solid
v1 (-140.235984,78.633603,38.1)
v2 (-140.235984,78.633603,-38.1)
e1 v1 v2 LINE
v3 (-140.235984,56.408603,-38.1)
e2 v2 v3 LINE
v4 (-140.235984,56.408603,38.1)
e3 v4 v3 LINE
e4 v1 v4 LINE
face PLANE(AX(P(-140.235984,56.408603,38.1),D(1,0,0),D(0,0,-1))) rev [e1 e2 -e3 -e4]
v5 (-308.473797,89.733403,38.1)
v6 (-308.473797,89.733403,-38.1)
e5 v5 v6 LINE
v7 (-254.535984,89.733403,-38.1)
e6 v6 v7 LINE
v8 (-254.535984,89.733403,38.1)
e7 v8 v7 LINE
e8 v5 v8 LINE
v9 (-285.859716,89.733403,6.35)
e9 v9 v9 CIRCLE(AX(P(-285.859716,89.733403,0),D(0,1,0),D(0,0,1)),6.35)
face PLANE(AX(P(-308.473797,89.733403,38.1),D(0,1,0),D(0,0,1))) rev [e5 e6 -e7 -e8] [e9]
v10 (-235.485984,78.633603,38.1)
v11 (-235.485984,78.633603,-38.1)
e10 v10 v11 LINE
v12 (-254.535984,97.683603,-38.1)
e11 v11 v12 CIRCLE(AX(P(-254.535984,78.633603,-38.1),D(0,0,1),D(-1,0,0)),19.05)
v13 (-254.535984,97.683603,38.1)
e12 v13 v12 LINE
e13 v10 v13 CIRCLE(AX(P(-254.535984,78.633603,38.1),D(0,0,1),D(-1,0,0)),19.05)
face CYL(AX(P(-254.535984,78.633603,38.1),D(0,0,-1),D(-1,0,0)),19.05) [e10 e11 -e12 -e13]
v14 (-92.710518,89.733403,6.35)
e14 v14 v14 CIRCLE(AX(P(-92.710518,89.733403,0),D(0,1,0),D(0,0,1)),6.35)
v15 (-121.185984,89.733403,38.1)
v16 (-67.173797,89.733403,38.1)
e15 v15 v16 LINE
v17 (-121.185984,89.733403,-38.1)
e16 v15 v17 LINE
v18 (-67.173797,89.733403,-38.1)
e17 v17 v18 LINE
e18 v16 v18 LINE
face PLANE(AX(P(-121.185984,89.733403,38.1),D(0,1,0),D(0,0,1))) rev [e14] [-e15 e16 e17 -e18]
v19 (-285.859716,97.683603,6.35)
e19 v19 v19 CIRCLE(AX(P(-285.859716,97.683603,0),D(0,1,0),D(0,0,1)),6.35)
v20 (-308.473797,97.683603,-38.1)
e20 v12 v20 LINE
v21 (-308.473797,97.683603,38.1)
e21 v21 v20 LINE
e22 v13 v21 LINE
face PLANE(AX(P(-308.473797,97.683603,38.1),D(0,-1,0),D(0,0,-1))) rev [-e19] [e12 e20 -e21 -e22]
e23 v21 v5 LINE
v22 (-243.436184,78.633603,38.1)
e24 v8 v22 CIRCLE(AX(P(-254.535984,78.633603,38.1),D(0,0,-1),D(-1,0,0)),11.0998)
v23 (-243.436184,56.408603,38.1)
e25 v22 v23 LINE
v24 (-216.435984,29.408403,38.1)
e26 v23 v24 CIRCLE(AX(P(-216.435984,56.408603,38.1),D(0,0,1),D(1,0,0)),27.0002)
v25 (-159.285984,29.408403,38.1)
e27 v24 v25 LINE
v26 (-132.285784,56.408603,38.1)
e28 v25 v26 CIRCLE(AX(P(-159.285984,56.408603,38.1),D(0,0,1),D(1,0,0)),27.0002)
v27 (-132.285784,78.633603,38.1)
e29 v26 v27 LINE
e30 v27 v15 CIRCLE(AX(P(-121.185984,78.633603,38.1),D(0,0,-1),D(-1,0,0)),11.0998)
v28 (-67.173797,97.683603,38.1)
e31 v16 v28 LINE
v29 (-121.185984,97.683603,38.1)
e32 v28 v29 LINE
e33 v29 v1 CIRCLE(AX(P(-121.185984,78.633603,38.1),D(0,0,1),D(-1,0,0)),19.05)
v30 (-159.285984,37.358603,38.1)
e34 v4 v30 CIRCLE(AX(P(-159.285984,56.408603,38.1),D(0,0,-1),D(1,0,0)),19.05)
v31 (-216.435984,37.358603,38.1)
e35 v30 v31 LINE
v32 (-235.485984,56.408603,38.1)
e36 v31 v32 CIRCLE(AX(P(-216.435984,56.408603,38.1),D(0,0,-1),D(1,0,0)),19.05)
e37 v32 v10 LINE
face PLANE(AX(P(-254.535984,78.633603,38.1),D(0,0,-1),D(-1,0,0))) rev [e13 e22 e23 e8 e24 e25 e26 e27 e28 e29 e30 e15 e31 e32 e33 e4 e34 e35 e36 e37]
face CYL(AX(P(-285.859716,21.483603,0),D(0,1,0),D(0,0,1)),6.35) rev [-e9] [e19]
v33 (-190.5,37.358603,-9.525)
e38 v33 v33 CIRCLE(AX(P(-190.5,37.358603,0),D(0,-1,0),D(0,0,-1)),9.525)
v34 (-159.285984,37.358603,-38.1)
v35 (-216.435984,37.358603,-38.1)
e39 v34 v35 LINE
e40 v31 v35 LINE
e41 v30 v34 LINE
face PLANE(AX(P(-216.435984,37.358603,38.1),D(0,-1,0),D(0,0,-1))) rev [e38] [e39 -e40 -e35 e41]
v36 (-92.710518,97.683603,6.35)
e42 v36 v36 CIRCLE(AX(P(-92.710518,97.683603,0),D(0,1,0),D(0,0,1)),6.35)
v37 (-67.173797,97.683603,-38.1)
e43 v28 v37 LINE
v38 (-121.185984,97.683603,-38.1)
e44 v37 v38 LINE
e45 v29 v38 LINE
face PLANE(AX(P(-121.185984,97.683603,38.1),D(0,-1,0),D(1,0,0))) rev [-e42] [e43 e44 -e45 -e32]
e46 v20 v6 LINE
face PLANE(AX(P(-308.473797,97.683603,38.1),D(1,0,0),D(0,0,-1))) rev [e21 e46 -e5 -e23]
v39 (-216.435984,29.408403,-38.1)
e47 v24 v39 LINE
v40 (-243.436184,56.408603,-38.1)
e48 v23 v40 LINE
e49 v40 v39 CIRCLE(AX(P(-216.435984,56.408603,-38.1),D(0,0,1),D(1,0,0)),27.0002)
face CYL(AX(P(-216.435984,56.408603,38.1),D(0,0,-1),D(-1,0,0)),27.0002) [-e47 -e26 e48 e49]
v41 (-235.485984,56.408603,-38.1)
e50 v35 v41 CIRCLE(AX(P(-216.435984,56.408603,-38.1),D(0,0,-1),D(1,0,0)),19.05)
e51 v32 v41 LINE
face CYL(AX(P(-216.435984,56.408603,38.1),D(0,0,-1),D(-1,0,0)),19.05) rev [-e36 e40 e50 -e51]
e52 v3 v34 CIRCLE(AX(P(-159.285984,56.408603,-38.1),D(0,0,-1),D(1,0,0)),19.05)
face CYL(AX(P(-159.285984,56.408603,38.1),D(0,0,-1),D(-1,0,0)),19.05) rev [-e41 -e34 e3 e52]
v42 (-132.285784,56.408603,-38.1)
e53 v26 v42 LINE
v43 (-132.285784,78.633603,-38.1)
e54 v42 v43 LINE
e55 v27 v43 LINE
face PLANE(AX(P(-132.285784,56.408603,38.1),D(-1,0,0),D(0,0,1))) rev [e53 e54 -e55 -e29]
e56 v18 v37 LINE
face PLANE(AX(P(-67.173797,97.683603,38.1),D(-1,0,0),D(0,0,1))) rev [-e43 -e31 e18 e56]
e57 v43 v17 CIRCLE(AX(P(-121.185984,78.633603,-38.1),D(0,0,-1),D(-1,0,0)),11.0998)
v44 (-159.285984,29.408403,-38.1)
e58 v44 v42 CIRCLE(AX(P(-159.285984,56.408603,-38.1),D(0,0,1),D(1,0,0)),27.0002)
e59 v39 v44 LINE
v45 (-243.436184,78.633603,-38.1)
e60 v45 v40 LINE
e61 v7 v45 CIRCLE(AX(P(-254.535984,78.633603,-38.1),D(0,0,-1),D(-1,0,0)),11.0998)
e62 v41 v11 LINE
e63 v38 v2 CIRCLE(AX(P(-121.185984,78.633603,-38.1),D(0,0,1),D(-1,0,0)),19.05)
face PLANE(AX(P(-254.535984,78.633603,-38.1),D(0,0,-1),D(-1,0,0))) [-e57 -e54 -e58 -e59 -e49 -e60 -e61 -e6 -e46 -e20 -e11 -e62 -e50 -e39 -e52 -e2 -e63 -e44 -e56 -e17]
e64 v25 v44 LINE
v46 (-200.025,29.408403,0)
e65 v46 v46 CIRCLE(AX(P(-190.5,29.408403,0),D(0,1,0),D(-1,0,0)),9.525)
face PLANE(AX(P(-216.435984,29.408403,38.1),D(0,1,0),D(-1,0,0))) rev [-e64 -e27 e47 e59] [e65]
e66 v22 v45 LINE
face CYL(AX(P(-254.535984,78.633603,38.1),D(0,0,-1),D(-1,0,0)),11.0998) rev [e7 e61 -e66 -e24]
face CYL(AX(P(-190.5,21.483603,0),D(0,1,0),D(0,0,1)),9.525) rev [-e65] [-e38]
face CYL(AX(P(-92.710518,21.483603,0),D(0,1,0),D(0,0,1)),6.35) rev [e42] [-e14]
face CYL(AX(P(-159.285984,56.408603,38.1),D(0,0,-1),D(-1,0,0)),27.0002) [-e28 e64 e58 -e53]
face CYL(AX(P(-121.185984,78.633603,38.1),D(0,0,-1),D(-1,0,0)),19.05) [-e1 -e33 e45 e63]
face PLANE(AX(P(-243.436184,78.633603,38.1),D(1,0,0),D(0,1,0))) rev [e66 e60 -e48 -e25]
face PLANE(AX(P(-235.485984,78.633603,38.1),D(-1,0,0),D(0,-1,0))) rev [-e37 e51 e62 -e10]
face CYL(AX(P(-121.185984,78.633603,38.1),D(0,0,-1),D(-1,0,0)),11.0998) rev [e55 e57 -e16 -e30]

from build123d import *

# Parameters (mm, degrees)
BOSS_EXTRUDE1_DEPTH = 38.1
SKETCH4_R           = 9.525
SKETCH4_R_2         = 6.35
CUT_EXTRUDE1_DEPTH  = 76.2


with BuildPart() as part:
    # Sketch3 → Boss-Extrude1 (new, symmetric)
    with BuildSketch(Plane.XY):
        with BuildLine():
            Line((-308.473797305, 97.683602722), (-254.535984299, 97.683602722))
            ThreePointArc((-254.535984299, 97.683602722), (-241.065600117, 92.103986904), (-235.485984299, 78.633602722))
            Line((-235.485984299, 78.633602722), (-235.485984299, 56.408602722))
            ThreePointArc((-235.485984299, 56.408602722), (-229.90636848, 42.938218541), (-216.435984299, 37.358602722))
            Line((-216.435984299, 37.358602722), (-159.285984299, 37.358602722))
            ThreePointArc((-159.285984299, 37.358602722), (-145.815600117, 42.938218541), (-140.235984299, 56.408602722))
            Line((-140.235984299, 56.408602722), (-140.235984299, 78.633602722))
            ThreePointArc((-140.235984299, 78.633602722), (-134.65636848, 92.103986904), (-121.185984299, 97.683602722))
            Line((-121.185984299, 97.683602722), (-67.173797305, 97.683602722))
            Line((-67.173797305, 97.683602722), (-67.173797305, 89.733402722))
            Line((-67.173797305, 89.733402722), (-121.185984299, 89.733402722))
            ThreePointArc((-121.185984299, 89.733402722), (-129.034728149, 86.482346572), (-132.285784299, 78.633602722))
            Line((-132.285784299, 78.633602722), (-132.285784299, 56.408602722))
            ThreePointArc((-132.285784299, 56.408602722), (-140.193959785, 37.316578209), (-159.285984299, 29.408402722))
            Line((-159.285984299, 29.408402722), (-216.435984299, 29.408402722))
            ThreePointArc((-216.435984299, 29.408402722), (-235.528008812, 37.316578209), (-243.436184299, 56.408602722))
            Line((-243.436184299, 56.408602722), (-243.436184299, 78.633602722))
            ThreePointArc((-243.436184299, 78.633602722), (-246.687240449, 86.482346572), (-254.535984299, 89.733402722))
            Line((-254.535984299, 89.733402722), (-308.473797305, 89.733402722))
            Line((-308.473797305, 89.733402722), (-308.473797305, 97.683602722))
        make_face()
    extrude(amount=BOSS_EXTRUDE1_DEPTH, both=True)

    # Sketch4 → Cut-Extrude1 (cut)
    with BuildSketch(Plane(origin=(0, 97.683602722, 0), x_dir=(1, 0, 0), z_dir=(0, 1, 0))):
        with Locations(Location((-190.5, 0, 0), (0, 0, 180))):
            Circle(SKETCH4_R)
        with Locations(Location((-285.859715502, 0, 0), (0, 0, 270))):
            Circle(SKETCH4_R_2)
        with Locations(Location((-92.710517543, 0, 0), (0, 0, 270))):
            Circle(SKETCH4_R_2)
    extrude(amount=-CUT_EXTRUDE1_DEPTH, mode=Mode.SUBTRACT)


solid = part.part
